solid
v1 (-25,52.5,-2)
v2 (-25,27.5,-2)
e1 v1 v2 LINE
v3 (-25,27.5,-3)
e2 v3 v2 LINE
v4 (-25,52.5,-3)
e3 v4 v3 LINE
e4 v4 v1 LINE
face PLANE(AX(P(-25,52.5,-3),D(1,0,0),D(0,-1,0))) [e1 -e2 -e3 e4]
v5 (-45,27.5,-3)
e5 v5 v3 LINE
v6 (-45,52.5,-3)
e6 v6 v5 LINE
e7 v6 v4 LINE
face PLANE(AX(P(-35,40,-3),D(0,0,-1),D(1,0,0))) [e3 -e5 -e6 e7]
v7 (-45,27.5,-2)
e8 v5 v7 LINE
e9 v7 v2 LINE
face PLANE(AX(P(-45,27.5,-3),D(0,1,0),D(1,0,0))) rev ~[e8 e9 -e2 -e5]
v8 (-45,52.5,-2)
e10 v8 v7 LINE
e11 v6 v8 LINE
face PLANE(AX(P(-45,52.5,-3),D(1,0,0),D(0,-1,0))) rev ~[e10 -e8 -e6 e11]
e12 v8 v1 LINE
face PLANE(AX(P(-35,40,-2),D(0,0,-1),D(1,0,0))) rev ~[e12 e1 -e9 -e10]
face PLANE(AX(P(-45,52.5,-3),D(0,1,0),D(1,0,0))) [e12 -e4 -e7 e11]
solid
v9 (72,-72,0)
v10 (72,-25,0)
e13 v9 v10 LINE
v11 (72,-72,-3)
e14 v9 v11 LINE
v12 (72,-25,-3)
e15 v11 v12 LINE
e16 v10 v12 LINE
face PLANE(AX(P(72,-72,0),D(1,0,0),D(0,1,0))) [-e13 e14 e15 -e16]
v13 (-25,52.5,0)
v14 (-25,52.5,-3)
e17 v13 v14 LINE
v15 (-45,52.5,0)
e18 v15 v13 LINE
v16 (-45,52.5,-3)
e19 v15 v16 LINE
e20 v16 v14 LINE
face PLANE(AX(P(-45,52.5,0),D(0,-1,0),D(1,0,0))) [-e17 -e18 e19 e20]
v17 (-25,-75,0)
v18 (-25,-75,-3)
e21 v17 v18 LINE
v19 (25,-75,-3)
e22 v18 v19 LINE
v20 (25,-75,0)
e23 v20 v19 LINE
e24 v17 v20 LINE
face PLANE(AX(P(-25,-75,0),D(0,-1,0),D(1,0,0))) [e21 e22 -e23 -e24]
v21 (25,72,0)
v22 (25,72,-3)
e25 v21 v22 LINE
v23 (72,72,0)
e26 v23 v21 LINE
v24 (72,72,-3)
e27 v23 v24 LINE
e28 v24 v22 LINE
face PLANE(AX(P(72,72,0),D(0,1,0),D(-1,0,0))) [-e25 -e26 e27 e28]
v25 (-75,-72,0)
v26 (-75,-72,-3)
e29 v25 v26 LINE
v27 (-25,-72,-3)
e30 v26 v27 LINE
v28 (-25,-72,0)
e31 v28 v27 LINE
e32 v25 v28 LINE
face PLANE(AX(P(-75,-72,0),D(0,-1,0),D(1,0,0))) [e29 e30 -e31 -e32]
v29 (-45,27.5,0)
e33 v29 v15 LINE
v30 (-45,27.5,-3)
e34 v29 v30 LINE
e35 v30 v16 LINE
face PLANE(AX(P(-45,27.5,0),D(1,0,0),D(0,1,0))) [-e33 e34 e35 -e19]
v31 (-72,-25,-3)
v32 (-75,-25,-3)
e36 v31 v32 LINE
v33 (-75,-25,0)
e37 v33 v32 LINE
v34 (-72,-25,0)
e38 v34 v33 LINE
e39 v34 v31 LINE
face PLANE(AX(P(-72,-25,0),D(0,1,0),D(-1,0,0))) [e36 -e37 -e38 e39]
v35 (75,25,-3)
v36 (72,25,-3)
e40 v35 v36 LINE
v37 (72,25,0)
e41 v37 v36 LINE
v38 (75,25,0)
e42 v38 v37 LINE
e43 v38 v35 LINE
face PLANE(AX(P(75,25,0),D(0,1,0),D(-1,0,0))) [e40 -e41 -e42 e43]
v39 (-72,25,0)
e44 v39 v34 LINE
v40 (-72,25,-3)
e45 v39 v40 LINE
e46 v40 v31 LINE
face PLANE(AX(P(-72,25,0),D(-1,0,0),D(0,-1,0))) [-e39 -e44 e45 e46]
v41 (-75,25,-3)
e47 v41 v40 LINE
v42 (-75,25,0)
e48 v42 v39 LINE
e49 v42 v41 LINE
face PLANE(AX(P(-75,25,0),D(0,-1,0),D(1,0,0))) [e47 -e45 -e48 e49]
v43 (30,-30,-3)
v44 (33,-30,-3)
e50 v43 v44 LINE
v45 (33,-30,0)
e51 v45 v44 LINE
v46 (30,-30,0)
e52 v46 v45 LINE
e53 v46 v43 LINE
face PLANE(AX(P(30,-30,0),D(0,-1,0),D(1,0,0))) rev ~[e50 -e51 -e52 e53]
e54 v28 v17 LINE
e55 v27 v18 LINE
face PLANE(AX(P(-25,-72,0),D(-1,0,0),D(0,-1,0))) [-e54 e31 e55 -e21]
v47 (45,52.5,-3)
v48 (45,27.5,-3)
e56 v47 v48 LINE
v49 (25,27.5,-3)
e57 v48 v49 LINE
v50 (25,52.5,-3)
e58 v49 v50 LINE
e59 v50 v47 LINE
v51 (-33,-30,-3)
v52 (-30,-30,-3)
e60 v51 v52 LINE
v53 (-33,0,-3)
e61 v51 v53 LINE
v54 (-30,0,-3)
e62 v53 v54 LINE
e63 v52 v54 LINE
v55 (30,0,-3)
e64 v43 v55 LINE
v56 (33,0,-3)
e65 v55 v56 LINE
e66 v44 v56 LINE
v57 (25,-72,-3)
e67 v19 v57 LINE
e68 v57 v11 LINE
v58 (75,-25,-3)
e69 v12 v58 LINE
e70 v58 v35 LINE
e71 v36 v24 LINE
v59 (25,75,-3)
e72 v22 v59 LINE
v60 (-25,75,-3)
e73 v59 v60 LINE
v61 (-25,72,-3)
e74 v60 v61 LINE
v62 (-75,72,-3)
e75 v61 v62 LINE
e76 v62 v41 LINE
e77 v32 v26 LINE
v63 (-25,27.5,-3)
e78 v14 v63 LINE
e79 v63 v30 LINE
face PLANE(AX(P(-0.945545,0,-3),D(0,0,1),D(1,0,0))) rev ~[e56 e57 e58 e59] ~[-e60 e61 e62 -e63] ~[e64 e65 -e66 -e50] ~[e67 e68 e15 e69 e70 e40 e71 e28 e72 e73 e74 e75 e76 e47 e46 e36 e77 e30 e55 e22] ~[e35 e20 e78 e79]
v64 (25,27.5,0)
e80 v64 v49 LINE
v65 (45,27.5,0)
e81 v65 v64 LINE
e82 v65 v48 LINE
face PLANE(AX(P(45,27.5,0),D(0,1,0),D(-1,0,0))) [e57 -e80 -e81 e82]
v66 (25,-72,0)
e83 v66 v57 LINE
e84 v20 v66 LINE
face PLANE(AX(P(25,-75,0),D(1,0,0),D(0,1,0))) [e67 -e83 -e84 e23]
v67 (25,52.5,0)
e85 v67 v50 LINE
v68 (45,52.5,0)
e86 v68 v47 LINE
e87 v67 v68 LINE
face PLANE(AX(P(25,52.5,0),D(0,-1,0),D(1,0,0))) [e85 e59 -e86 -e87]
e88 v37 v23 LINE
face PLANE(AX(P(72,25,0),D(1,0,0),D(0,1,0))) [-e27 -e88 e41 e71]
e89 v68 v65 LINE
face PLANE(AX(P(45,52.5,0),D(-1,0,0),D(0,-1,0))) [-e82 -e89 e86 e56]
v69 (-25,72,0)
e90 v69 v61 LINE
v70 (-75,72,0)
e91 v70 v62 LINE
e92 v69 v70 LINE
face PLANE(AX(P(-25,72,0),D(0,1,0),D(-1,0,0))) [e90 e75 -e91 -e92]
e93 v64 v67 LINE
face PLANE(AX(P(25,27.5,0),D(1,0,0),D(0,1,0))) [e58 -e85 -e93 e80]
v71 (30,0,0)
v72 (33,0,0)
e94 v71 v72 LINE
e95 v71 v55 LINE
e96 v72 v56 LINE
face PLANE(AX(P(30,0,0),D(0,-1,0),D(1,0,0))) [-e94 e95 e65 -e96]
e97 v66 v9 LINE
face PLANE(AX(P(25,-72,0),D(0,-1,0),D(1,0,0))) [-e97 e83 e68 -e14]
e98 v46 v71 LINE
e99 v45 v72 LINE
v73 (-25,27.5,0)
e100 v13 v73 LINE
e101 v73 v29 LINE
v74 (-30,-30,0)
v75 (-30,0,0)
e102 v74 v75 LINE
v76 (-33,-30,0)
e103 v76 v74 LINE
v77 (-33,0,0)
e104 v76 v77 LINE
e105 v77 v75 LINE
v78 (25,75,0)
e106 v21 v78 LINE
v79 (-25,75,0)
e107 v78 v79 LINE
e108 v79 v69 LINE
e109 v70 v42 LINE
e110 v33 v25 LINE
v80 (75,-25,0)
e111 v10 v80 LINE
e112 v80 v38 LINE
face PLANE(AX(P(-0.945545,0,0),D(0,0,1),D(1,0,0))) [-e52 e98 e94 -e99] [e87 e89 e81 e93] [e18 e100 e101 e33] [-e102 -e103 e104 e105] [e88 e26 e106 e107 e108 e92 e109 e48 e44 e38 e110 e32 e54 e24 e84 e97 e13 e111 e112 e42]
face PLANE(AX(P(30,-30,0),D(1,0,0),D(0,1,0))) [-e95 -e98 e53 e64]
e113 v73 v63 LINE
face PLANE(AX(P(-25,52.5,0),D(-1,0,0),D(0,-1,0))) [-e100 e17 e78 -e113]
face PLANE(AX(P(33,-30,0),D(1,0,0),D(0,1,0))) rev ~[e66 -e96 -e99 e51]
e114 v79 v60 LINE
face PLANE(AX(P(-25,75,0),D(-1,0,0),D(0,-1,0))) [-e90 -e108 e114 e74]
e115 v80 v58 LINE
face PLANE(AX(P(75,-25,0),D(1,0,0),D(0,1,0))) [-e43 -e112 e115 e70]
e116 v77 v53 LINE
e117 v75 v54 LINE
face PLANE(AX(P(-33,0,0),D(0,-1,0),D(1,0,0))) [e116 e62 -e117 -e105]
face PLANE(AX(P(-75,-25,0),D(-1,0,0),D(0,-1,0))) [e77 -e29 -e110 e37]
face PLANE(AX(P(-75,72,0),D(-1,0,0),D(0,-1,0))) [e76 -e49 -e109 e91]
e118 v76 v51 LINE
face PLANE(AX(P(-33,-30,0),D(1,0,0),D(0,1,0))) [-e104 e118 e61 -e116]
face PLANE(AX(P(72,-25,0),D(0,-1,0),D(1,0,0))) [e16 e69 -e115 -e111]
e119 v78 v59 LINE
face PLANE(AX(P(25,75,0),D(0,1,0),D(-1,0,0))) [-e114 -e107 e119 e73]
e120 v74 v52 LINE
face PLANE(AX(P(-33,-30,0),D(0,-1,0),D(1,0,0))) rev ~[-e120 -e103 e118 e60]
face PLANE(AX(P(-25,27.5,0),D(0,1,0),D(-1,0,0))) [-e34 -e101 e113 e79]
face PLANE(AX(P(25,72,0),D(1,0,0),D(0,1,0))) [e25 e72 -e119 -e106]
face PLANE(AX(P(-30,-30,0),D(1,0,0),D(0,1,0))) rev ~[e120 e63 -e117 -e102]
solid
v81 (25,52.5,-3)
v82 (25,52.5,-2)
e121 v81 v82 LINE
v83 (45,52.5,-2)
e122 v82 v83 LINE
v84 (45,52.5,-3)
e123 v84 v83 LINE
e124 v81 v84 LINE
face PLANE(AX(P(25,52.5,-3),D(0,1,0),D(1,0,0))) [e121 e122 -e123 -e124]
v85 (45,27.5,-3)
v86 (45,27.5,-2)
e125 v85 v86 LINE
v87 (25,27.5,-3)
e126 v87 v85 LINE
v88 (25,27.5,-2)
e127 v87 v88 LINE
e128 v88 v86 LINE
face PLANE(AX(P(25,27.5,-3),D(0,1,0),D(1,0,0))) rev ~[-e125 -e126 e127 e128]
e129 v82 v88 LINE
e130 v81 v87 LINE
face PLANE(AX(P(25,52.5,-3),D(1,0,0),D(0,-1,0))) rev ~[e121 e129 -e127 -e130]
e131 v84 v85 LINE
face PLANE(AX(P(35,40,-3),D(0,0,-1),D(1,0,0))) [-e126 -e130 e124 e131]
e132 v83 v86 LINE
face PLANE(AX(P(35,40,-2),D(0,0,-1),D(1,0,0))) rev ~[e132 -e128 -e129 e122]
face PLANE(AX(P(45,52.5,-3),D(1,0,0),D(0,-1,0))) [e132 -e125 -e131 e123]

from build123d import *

# Parameters (mm, degrees)
F0_W     = 3
F0_H     = 30
F1_DEPTH = 3
F2_W     = 20
F2_H     = 25
F3_DEPTH = 1


with BuildPart() as f1:
    # F0 (on Top) → F1 (new body)
    with BuildSketch(Plane.XY):
        Polygon((25, 72), (25, 75), (-25, 75), (-25, 72), (-75, 72), (-75, 25), (-72, 25), (-72, -25), (-75, -25), (-75, -72), (-25, -72), (-25, -75), (25, -75), (25, -72), (72, -72), (72, -25), (75, -25), (75, 25), (72, 25), (72, 72), align=None)
        with Locations((-31.5, -15)):
            Rectangle(F0_W, F0_H, mode=Mode.SUBTRACT)
        with Locations((31.5, -15)):
            Rectangle(F0_W, F0_H, mode=Mode.SUBTRACT)
        Polygon((-25, 52.5), (-25, 40), (-25, 27.5), (-45, 27.5), (-45, 52.5), align=None, mode=Mode.SUBTRACT)
        Polygon((25, 27.5), (25, 40), (25, 52.5), (45, 52.5), (45, 27.5), align=None, mode=Mode.SUBTRACT)
    extrude(amount=-F1_DEPTH)


with BuildPart() as f3:
    # F2 (on face) → F3 (new body)
    with BuildSketch(Plane(origin=(0, 0, -3), x_dir=(1, 0, 0), z_dir=(0, 0, -1))):
        with Locations((-35, -40)):
            Rectangle(F2_W, F2_H)
        with Locations((35, -40)):
            Rectangle(F2_W, F2_H)
    extrude(amount=-F3_DEPTH)


solid = Compound([f1.part, f3.part])
